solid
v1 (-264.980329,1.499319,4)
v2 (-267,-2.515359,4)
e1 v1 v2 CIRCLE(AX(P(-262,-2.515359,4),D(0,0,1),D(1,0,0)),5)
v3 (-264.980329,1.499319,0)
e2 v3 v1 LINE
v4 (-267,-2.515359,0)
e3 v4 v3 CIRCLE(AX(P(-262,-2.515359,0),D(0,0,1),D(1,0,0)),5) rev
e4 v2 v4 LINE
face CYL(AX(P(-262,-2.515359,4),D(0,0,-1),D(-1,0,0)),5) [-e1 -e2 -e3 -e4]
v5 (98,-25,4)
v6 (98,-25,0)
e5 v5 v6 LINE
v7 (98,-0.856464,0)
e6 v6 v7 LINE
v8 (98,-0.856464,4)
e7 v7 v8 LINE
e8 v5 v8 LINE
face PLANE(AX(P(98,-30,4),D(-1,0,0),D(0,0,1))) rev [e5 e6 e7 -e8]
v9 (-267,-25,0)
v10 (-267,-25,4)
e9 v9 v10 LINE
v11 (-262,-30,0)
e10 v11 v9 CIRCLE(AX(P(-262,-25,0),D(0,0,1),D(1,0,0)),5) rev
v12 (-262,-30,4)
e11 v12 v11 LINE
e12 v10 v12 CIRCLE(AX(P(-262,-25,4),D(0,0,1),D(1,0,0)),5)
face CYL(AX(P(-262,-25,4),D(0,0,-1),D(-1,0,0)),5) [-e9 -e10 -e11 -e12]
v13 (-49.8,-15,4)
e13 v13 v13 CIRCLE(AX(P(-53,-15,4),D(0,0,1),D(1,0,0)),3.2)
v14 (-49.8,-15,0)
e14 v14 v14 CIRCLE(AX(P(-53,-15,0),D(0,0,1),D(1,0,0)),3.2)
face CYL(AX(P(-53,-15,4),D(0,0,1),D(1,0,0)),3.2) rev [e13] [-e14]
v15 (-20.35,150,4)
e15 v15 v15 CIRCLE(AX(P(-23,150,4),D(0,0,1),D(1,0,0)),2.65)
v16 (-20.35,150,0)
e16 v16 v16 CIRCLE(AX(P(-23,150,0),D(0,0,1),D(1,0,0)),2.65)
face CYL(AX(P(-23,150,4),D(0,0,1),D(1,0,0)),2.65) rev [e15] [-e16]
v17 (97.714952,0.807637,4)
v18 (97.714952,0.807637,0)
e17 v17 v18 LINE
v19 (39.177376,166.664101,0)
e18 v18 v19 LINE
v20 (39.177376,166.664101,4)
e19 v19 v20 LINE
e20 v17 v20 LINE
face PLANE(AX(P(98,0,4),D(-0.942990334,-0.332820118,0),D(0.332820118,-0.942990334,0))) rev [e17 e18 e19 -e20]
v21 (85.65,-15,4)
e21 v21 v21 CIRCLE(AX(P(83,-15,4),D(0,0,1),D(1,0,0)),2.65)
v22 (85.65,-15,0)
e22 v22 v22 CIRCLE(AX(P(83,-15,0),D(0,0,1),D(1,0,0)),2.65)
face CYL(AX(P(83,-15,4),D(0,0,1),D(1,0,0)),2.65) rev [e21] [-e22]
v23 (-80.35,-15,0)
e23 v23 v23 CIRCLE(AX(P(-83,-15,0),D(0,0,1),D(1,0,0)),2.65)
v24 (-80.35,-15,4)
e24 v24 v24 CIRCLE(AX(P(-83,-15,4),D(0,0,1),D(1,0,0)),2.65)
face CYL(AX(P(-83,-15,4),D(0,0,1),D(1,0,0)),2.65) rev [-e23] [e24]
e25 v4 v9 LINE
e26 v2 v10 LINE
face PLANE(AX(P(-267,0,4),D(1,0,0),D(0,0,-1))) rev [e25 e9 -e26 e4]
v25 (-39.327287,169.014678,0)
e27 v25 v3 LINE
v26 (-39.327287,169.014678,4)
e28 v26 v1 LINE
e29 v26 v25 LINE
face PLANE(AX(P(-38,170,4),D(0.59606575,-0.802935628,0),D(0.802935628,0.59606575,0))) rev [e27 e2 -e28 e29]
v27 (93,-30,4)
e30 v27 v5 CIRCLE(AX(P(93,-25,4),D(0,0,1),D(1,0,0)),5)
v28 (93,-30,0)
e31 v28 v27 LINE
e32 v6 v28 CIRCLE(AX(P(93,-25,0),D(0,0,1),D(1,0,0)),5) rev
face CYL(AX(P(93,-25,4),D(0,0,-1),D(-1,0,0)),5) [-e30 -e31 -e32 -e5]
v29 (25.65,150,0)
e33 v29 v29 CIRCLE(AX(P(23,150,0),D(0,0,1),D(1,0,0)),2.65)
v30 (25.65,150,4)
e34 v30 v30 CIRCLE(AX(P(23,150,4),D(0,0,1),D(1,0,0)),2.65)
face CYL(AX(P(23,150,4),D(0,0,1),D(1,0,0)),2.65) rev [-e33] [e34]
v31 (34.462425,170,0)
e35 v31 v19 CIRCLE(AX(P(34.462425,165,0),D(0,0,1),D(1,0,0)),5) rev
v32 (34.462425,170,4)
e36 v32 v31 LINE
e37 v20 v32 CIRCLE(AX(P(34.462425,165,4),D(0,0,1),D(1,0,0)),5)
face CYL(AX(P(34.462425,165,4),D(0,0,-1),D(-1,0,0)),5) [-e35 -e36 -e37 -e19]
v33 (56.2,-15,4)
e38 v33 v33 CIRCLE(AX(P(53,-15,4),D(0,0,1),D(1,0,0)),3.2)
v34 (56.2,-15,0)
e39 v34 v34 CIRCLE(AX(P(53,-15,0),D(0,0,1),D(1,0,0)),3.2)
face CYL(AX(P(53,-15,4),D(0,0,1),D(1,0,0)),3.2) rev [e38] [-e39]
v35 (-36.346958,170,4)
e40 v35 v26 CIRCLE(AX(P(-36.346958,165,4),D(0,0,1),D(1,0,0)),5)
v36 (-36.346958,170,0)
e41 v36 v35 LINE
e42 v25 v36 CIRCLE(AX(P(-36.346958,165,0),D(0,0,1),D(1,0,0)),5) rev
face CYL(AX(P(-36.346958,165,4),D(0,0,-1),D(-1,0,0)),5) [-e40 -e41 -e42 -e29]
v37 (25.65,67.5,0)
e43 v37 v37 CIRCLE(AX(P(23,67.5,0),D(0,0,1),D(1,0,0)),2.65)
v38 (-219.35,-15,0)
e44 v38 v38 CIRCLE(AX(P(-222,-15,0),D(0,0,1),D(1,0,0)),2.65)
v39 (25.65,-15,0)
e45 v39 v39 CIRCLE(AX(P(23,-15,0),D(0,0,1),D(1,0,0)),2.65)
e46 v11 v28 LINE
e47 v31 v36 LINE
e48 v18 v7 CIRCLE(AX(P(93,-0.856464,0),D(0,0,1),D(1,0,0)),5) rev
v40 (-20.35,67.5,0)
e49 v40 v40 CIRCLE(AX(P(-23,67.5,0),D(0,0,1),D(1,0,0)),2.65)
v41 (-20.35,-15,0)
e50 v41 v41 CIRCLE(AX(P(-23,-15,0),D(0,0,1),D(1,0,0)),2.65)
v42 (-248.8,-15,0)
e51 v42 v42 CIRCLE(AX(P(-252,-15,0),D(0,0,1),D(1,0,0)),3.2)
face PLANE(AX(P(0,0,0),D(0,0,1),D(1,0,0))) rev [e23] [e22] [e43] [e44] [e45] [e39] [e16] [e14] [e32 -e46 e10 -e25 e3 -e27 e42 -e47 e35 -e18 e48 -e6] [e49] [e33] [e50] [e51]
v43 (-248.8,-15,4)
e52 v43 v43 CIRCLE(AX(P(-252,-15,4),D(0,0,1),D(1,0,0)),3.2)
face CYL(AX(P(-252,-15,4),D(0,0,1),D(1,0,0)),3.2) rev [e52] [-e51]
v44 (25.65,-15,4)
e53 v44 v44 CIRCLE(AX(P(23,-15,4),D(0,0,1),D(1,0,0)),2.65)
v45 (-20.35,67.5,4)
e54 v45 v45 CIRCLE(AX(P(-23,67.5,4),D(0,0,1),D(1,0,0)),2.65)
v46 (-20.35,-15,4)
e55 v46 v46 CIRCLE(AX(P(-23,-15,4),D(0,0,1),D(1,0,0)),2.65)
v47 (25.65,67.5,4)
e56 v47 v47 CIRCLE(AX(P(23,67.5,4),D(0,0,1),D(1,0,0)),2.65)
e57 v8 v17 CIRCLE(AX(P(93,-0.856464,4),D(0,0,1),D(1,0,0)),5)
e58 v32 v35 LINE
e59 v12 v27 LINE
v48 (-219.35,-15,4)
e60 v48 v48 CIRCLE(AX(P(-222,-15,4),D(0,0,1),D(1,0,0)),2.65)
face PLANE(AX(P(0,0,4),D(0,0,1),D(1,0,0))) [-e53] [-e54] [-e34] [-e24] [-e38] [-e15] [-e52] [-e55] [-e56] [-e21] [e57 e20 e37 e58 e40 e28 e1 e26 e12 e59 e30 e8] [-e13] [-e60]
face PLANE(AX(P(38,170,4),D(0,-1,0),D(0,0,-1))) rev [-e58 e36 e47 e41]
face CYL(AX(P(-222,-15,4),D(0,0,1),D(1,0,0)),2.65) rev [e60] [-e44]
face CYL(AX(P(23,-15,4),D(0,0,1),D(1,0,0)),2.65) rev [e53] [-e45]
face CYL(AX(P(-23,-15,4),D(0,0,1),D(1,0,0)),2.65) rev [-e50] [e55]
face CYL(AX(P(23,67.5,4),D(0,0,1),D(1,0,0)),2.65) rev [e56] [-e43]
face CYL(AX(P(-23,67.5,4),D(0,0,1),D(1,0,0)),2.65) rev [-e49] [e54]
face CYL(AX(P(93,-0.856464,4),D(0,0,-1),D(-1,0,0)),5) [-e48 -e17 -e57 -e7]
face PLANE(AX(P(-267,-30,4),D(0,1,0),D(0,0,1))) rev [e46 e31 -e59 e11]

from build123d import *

# Parameters (mm, degrees)
BOSS_EXTRUDE1_DEPTH      = 4
M5_CLEARANCE_HOLE1_D     = 5.3
FILLET1_R                = 5
M6_CLEARANCE_HOLE1_D     = 6.4
M6_CLEARANCE_HOLE1_DEPTH = 8
M6_CLEARANCE_HOLE1_TIP   = 1.922753981


with BuildPart() as part:
    # Sketch1 → Boss-Extrude1 (new body)
    with BuildSketch(Plane.XY):
        Polygon((-267, -30), (98, -30), (98, 0), (38, 170), (-38, 170), (-267, 0), align=None)
    extrude(amount=BOSS_EXTRUDE1_DEPTH)

    # M5 Clearance Hole1 (through all)
    with Locations(Plane.XY.offset(4)):
        with Locations((-23, 150), (-23, 67.5), (-23, -15), (23, -15), (23, 150), (23, 67.5), (-83, -15), (83, -15), (-222, -15)):
            Hole(M5_CLEARANCE_HOLE1_D / 2)

    # Fillet1
    fillet1_edges = [part.edges().sort_by_distance(p)[0] for p in [
        (-267, 0, 2),
        (-38, 170, 2),
        (38, 170, 2),
        (98, 0, 2),
        (98, -30, 2),
        (-267, -30, 2),
    ]]
    fillet(fillet1_edges, radius=FILLET1_R)

    # M6 Clearance Hole1
    with Locations(Plane.XY.offset(4)):
        with Locations((-252, -15), (-53, -15), (53, -15)):
            Hole(M6_CLEARANCE_HOLE1_D / 2, depth=M6_CLEARANCE_HOLE1_DEPTH)
            with Locations((0, 0, -(M6_CLEARANCE_HOLE1_DEPTH + M6_CLEARANCE_HOLE1_TIP / 2))):  # 118° drill point
                Cone(0, M6_CLEARANCE_HOLE1_D / 2, M6_CLEARANCE_HOLE1_TIP, mode=Mode.SUBTRACT)


solid = part.part
